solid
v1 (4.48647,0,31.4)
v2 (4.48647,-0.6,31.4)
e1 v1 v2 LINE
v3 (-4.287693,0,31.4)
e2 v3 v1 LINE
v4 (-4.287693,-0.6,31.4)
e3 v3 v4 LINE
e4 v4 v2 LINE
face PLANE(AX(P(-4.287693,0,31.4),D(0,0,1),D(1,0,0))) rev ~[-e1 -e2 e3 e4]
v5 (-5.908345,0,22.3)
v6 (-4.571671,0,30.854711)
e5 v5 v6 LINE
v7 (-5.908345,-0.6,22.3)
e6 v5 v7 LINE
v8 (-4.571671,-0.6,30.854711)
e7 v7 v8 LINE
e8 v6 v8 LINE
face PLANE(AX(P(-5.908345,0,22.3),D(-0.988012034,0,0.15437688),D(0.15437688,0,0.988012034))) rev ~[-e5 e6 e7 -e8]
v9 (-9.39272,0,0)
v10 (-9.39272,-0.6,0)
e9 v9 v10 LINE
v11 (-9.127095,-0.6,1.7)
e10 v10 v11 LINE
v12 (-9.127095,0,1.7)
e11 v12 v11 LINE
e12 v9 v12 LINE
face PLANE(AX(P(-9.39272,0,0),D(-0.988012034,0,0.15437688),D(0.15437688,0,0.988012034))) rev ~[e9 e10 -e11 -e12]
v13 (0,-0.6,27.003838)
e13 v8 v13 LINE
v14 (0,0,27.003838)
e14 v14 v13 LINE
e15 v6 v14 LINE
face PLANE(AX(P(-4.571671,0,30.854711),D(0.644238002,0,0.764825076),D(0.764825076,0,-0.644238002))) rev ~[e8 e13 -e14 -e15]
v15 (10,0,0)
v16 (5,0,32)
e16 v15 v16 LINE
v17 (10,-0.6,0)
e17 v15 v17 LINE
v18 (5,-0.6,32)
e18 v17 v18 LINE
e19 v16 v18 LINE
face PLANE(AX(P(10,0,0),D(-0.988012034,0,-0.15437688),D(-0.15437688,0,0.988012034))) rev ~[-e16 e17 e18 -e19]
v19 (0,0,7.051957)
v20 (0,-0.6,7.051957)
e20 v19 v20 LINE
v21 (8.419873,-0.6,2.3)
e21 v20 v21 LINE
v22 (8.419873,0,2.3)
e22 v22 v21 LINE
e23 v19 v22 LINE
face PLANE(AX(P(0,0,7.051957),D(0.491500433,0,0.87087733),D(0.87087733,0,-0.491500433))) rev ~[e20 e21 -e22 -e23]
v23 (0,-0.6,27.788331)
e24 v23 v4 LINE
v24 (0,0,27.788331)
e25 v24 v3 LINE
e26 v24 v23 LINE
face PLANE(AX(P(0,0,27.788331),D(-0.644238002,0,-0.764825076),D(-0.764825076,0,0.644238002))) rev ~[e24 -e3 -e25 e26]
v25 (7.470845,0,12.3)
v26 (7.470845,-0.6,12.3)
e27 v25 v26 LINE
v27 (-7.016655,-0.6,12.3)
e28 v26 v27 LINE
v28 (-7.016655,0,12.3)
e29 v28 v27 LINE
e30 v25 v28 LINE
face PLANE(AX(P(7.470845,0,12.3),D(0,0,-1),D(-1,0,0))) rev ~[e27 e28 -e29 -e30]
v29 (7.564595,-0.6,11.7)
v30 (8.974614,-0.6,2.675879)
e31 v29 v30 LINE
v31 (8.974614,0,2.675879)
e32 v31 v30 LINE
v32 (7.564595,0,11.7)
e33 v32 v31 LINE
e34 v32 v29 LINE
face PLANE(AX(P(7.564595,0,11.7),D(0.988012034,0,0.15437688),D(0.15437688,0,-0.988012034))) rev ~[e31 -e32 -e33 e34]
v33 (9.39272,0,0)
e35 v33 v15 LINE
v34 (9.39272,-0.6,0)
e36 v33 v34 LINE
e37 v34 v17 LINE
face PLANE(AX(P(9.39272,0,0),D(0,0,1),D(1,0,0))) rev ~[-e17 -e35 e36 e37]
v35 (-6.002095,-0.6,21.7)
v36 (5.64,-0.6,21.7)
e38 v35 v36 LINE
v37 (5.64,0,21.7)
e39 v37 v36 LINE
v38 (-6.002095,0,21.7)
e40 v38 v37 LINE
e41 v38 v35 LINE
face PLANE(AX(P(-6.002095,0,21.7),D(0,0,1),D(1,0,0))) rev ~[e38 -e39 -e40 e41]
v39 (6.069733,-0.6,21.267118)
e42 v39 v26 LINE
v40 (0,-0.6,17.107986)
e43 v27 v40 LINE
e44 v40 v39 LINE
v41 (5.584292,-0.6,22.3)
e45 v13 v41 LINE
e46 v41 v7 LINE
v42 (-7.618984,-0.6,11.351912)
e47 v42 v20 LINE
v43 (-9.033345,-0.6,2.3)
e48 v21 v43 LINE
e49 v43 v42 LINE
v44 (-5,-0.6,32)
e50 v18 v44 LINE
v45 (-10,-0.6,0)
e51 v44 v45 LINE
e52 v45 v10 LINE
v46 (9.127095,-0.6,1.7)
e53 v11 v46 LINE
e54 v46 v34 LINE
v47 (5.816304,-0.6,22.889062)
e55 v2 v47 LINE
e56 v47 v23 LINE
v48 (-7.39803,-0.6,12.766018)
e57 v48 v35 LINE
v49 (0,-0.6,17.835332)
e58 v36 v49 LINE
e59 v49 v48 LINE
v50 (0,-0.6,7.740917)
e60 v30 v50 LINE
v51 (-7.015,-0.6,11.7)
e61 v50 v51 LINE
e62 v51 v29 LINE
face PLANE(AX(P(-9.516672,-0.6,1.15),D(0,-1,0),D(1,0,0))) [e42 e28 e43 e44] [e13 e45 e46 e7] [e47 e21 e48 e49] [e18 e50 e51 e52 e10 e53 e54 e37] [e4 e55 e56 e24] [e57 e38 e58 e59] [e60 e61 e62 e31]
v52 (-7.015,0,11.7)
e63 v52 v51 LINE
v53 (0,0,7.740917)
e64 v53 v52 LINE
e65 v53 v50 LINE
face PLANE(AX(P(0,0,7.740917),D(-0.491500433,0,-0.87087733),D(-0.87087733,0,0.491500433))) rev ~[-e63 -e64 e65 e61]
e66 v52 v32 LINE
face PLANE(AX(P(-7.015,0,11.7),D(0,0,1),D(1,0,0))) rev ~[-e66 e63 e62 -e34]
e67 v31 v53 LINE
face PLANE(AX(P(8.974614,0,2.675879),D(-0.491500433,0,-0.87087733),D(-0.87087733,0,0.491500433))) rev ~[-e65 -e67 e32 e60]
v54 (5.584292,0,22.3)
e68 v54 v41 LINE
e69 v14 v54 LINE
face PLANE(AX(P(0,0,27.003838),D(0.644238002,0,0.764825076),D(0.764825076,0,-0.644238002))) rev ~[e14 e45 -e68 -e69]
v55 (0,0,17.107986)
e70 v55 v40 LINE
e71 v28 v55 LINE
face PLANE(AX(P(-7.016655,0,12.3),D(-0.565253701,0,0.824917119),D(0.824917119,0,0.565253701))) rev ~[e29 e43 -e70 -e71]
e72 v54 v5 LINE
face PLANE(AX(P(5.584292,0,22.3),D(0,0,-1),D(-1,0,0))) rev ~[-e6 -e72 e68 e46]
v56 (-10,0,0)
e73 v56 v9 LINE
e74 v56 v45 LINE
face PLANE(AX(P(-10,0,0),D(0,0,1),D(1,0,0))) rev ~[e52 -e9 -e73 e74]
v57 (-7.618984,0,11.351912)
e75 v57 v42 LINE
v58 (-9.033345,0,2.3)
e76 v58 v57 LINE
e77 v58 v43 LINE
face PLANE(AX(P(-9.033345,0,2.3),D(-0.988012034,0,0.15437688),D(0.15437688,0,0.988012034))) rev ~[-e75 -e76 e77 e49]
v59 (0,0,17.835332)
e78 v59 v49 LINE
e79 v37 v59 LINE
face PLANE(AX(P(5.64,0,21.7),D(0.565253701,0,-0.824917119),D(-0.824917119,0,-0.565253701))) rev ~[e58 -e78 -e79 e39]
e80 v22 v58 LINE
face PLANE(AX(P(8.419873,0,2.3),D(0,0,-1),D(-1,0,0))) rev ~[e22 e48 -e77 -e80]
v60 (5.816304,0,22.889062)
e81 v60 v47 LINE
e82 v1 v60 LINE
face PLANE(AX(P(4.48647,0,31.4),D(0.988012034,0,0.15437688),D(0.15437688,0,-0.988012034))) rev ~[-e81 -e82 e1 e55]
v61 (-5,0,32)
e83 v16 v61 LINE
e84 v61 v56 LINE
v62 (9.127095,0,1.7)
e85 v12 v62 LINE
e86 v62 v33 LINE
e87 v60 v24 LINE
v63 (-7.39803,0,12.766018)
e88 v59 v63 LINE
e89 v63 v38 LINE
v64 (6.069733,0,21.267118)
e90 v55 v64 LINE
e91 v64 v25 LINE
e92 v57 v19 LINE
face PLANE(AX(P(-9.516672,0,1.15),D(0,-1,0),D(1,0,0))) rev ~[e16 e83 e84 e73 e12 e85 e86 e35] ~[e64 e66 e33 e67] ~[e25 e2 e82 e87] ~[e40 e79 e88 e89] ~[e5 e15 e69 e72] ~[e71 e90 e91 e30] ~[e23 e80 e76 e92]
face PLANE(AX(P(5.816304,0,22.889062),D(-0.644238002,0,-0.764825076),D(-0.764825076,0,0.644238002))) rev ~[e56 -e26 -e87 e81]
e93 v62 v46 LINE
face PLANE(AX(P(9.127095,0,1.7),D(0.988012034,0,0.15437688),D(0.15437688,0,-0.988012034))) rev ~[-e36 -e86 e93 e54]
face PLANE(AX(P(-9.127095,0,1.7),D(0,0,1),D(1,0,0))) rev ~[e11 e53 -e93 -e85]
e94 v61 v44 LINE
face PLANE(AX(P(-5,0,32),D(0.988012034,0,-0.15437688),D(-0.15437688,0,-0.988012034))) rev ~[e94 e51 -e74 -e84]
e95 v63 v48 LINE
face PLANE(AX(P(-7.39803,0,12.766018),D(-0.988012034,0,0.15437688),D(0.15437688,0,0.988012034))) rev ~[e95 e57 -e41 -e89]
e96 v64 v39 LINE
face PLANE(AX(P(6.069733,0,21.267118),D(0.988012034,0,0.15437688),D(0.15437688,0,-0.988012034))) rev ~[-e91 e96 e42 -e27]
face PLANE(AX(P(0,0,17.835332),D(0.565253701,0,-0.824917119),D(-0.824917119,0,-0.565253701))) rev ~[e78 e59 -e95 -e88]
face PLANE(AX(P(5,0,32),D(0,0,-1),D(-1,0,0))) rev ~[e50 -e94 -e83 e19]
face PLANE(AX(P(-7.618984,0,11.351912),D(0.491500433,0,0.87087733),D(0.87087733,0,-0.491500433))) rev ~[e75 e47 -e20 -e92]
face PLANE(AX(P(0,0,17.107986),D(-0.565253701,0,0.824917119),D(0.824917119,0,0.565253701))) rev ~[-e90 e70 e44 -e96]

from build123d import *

# Parameters (mm, degrees)
F1_DEPTH = 0.6


with BuildPart() as f1:
    # F0 (on Front) → F1 (new body)
    with BuildSketch(Plane.XZ):
        Polygon((-9.3927199472, 0), (-9.1270949472, 1.7), (-9.0333449472, 2.3), (-9.640625, 2.3), (-10, 0), align=None)
        Polygon((-9.640625, 2.3), (-9.0333449472, 2.3), (-7.6189836648, 11.3519122078), (-7.5645949472, 11.7), (-7.5200572692, 11.9850411396), (-8.078125, 12.3), align=None)
        Polygon((-6.515625, 22.3), (-8.078125, 12.3), (-7.3980295932, 12.7660182659), (-6.0020949472, 21.7), (-5.9083449472, 22.3), align=None)
        Polygon((-5, 32), (-6.515625, 22.3), (-5.9083449472, 22.3), (-4.5716713254, 30.8547111795), (-4.4864699472, 31.4), (-4.287693299, 31.4), align=None)
        Polygon((5.8163040642, 22.8890616512), (6.515625, 22.3), (5, 32), (0, 32), (0, 31.4), (4.4864699472, 31.4), align=None)
        Polygon((0, 32), (-5, 32), (-4.287693299, 31.4), (0, 31.4), align=None)
        Polygon((7.4708449472, 12.3), (8.078125, 12.3), (6.515625, 22.3), (5.9670760935, 21.9241206637), (6.0020949472, 21.7), (6.0697327931, 21.2671177867), align=None)
        Polygon((7.5645949472, 11.7), (8.9746138009, 2.6758793363), (9.640625, 2.3), (8.078125, 12.3), (7.4708449472, 12.3), align=None)
        Polygon((9.0333449472, 2.3), (9.1270949472, 1.7), (9.3927199472, 0), (10, 0), (9.640625, 2.3), align=None)
        Polygon((0, 2.3), (0, 1.7), (9.1270949472, 1.7), (9.0333449472, 2.3), (8.4198732785, 2.3), align=None)
        Polygon((-9.1270949472, 1.7), (0, 1.7), (0, 2.3), (-9.0333449472, 2.3), align=None)
        Polygon((0, 7.7409171076), (0, 7.0519567004), (8.4198732785, 2.3), (9.0333449472, 2.3), (8.9746138009, 2.6758793363), align=None)
        Polygon((-7.6189836648, 11.3519122078), (0, 7.0519567004), (0, 7.7409171076), (-7.015, 11.7), (-7.5645949472, 11.7), align=None)
        Polygon((0, 12.3), (0, 11.7), (7.5645949472, 11.7), (7.4708449472, 12.3), align=None)
        Polygon((-7.015, 11.7), (0, 11.7), (0, 12.3), (-7.0166547269, 12.3), (-7.4708449472, 12.3), (-7.5200572692, 11.9850411396), align=None)
        Polygon((0, 17.8353319058), (0, 17.1079861084), (6.0697327931, 21.2671177867), (6.0020949472, 21.7), (5.64, 21.7), align=None)
        Polygon((-7.3980295932, 12.7660182659), (-7.4708449472, 12.3), (-7.0166547269, 12.3), (0, 17.1079861084), (0, 17.8353319058), align=None)
        Polygon((5.5842921721, 22.3), (5.9083449472, 22.3), (5.8163040642, 22.8890616512), (0, 27.7883310719), (0, 27.0038379653), align=None)
        Polygon((0, 27.7883310719), (-4.287693299, 31.4), (-4.4864699472, 31.4), (-4.5716713254, 30.8547111795), (0, 27.0038379653), align=None)
        Polygon((5.9670760935, 21.9241206637), (5.9083449472, 22.3), (5.5842921721, 22.3), (0, 22.3), (0, 21.7), (5.64, 21.7), align=None)
        Polygon((0, 22.3), (-5.9083449472, 22.3), (-6.0020949472, 21.7), (0, 21.7), align=None)
        Polygon((5.9083449472, 22.3), (6.515625, 22.3), (5.8163040642, 22.8890616512), align=None)
        Polygon((5.9670760935, 21.9241206637), (6.515625, 22.3), (5.9083449472, 22.3), align=None)
        Polygon((6.0020949472, 21.7), (5.9670760935, 21.9241206637), (5.64, 21.7), align=None)
        Polygon((8.9746138009, 2.6758793363), (9.0333449472, 2.3), (9.640625, 2.3), align=None)
        Polygon((-7.3980295932, 12.7660182659), (-8.078125, 12.3), (-7.4708449472, 12.3), align=None)
        Polygon((-7.4708449472, 12.3), (-8.078125, 12.3), (-7.5200572692, 11.9850411396), align=None)
        Polygon((-7.5645949472, 11.7), (-7.015, 11.7), (-7.5200572692, 11.9850411396), align=None)
    extrude(amount=F1_DEPTH)


solid = f1.part
